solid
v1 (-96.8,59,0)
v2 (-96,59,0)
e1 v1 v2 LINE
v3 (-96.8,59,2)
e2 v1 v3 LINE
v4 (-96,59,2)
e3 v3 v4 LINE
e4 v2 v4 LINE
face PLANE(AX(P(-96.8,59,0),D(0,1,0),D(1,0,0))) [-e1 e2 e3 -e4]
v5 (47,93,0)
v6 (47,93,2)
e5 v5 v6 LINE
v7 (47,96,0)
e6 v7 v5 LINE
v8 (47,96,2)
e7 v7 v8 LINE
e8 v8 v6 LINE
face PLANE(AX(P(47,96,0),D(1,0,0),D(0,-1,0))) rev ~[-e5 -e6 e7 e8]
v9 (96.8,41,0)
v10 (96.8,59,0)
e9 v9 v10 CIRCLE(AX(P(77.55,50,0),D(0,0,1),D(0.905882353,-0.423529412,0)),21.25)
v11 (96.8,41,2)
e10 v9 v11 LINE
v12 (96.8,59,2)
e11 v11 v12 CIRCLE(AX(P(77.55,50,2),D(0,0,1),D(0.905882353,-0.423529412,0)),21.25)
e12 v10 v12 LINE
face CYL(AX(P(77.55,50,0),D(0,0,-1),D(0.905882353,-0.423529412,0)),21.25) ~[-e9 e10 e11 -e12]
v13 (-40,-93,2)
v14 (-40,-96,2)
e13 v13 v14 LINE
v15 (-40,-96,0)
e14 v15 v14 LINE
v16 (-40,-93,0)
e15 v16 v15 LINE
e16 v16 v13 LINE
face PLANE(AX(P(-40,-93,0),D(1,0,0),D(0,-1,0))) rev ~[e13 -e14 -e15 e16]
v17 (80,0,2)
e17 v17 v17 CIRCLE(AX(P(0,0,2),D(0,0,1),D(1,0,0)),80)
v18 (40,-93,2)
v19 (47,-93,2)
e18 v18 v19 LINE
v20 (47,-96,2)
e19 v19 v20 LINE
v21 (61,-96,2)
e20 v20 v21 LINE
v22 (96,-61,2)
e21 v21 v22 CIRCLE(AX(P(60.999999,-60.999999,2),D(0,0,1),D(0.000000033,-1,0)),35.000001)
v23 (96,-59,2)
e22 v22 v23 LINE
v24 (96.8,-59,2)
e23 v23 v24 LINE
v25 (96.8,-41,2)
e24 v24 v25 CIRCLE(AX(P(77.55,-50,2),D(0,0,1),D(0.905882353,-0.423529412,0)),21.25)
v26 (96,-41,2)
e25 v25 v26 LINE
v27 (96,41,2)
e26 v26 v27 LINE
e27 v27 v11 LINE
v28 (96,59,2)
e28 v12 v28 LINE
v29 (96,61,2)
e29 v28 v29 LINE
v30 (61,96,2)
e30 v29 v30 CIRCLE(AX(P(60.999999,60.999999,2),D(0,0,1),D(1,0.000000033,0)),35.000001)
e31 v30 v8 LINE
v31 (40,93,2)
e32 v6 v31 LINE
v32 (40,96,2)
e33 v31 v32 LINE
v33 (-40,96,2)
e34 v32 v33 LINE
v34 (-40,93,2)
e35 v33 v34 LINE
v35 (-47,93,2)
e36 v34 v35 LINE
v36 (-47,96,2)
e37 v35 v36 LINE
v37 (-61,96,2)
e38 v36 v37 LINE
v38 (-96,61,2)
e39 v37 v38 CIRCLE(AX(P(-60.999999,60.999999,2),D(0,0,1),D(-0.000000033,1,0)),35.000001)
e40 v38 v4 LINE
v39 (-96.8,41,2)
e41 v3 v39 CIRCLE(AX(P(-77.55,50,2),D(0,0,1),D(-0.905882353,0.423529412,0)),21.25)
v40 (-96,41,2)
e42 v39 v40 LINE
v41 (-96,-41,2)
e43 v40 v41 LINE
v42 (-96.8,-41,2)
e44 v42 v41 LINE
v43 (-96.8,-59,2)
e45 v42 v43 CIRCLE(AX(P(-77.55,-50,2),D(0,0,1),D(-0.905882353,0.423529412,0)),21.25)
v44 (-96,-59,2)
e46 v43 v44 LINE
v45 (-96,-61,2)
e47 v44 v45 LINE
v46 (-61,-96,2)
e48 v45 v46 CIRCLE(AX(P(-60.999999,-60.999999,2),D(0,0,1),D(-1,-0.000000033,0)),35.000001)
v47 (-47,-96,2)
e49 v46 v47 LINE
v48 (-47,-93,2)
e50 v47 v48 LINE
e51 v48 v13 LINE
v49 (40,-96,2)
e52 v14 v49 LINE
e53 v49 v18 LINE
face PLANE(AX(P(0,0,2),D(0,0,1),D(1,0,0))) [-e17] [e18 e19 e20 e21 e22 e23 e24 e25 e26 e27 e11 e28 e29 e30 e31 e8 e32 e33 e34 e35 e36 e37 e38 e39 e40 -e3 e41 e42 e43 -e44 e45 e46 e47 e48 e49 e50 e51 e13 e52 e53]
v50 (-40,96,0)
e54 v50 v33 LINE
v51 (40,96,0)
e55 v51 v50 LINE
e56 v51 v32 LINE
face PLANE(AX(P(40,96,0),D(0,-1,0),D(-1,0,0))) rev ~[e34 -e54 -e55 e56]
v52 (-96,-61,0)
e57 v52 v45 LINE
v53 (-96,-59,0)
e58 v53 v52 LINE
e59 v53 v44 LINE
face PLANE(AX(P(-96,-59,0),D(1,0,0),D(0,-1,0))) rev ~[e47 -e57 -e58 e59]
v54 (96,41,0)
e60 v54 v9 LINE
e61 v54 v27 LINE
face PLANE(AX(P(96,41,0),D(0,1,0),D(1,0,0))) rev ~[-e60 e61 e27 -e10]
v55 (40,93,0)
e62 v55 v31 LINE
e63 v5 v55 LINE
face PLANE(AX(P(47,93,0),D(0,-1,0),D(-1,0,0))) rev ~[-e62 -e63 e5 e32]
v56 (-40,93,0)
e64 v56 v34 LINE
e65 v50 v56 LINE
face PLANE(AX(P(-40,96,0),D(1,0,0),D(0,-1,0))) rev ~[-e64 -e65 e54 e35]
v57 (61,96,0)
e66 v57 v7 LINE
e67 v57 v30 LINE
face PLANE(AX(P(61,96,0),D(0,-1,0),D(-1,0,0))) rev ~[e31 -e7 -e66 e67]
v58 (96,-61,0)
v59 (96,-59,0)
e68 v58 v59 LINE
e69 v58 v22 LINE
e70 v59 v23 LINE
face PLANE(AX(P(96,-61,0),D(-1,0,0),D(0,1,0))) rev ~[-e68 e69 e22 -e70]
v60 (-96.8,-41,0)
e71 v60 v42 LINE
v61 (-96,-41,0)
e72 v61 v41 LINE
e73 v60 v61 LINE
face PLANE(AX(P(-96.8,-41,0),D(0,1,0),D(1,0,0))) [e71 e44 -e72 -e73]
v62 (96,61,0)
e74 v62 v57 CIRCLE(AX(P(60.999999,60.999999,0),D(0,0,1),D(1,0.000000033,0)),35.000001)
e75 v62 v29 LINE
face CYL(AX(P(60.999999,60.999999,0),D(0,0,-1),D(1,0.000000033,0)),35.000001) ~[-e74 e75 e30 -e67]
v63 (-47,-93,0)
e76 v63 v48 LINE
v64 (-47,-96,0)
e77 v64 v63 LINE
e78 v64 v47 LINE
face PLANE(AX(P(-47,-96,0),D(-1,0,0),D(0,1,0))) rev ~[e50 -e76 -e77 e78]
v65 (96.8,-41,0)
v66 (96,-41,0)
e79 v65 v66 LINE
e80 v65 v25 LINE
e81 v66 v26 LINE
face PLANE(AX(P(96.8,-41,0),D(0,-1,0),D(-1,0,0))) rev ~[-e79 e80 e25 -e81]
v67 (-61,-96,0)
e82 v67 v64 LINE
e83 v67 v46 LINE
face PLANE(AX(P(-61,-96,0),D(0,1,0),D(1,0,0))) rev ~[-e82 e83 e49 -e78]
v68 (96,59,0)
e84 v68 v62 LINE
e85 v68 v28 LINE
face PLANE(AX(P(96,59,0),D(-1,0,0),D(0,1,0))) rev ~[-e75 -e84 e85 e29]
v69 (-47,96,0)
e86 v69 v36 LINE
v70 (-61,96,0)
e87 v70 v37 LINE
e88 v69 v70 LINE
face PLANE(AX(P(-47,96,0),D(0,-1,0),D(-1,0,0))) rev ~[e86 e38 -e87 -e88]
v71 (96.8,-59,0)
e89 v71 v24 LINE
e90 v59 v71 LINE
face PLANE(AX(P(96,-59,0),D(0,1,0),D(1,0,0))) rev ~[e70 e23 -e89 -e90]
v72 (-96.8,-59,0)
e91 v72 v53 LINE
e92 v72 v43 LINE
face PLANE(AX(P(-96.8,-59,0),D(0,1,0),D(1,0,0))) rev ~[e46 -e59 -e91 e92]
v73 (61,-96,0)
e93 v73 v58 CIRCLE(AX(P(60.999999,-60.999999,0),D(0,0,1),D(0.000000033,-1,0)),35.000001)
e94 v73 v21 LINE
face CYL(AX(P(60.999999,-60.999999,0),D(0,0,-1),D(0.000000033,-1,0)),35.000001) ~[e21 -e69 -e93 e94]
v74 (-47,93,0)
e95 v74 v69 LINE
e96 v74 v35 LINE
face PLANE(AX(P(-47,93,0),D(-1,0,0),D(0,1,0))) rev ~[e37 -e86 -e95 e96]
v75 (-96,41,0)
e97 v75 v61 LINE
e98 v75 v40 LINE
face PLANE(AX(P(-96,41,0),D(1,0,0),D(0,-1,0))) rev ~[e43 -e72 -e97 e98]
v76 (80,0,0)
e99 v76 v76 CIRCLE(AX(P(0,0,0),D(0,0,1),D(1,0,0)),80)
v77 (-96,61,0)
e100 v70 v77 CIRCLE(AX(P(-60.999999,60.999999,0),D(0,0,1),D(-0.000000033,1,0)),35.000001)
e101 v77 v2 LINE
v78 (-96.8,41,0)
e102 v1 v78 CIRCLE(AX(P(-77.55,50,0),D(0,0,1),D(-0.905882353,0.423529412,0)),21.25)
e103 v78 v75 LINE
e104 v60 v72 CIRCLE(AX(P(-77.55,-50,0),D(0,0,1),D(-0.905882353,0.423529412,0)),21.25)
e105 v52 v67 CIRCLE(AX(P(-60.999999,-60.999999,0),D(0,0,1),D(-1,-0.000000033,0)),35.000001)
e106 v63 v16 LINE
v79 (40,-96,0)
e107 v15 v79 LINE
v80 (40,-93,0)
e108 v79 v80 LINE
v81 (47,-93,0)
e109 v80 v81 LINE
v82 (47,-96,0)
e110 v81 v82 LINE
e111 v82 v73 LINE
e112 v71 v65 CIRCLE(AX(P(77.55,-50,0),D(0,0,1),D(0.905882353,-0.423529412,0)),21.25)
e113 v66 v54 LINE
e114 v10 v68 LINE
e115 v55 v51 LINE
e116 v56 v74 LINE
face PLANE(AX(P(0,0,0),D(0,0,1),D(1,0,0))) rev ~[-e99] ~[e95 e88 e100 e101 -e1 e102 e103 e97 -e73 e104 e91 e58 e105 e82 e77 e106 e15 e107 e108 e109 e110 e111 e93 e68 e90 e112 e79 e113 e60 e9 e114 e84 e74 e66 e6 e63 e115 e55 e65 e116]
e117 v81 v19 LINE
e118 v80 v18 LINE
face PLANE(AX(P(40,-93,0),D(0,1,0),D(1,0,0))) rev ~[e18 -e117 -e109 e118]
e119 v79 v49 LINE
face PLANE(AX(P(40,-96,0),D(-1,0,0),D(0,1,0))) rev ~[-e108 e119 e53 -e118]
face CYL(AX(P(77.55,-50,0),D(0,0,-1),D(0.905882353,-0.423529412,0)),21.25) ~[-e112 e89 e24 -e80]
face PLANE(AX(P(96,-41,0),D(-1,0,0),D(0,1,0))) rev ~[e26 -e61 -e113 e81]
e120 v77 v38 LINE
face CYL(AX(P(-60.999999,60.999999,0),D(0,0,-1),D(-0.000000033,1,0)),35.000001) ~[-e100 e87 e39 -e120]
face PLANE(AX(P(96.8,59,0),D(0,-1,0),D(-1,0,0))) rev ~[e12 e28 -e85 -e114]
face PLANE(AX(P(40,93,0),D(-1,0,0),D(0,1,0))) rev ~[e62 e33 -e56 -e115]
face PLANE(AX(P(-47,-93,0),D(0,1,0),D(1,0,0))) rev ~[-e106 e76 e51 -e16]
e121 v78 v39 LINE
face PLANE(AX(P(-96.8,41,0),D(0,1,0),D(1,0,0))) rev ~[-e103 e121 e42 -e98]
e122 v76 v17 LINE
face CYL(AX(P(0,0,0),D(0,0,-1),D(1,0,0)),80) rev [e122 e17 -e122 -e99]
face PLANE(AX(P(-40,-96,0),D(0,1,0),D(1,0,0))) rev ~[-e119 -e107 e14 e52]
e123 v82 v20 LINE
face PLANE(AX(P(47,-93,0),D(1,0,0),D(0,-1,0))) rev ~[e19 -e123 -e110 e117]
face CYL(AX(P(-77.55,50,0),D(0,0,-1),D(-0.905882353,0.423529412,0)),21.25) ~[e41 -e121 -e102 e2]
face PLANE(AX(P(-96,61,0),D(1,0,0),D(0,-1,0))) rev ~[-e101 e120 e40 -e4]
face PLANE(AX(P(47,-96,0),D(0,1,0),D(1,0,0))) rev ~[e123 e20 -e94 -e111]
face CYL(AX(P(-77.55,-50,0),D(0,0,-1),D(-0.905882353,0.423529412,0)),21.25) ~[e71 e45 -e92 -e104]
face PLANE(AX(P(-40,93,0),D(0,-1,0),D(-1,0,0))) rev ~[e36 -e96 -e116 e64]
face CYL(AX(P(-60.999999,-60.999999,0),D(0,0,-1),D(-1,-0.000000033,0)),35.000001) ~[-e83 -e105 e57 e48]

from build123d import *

# Parameters (mm, degrees)
F0_R     = 80
F0_W     = 0.8
F0_H     = 18
F1_DEPTH = 2


with BuildPart() as f1:
    # F0 (on Top) → F1 (new body)
    with BuildSketch(Plane.XY):
        with BuildLine():
            ThreePointArc((96, 61), (85.748737, 85.748737), (61, 96))
            Line((61, 96), (47, 96))
            Line((47, 96), (47, 93))
            Line((47, 93), (40, 93))
            Line((40, 93), (40, 96))
            Line((40, 96), (-40, 96))
            Line((-40, 96), (-40, 93))
            Line((-40, 93), (-47, 93))
            Line((-47, 93), (-47, 96))
            Line((-47, 96), (-61, 96))
            ThreePointArc((-61, 96), (-85.748737, 85.748737), (-96, 61))
            Line((-96, 61), (-96, 59))
            Line((-96, 59), (-96, 41))
            Line((-96, 41), (-96, -41))
            Line((-96, -41), (-96, -59))
            Line((-96, -59), (-96, -61))
            ThreePointArc((-96, -61), (-85.748737, -85.748737), (-61, -96))
            Line((-61, -96), (-47, -96))
            Line((-47, -96), (-47, -93))
            Line((-47, -93), (-40, -93))
            Line((-40, -93), (-40, -96))
            Line((-40, -96), (40, -96))
            Line((40, -96), (40, -93))
            Line((40, -93), (47, -93))
            Line((47, -93), (47, -96))
            Line((47, -96), (61, -96))
            ThreePointArc((61, -96), (85.748737, -85.748737), (96, -61))
            Line((96, -61), (96, -59))
            Line((96, -59), (96, -41))
            Line((96, -41), (96, 41))
            Line((96, 41), (96, 59))
            Line((96, 59), (96, 61))
        make_face()
        Circle(F0_R, mode=Mode.SUBTRACT)
        with BuildLine():
            Line((96.8, 59), (96, 59))
            Line((96, 59), (96, 41))
            Line((96, 41), (96.8, 41))
            ThreePointArc((96.8, 41), (98.8, 50), (96.8, 59))
        make_face()
        with BuildLine():
            Line((96.8, -41), (96, -41))
            Line((96, -41), (96, -59))
            Line((96, -59), (96.8, -59))
            ThreePointArc((96.8, -59), (98.8, -50), (96.8, -41))
        make_face()
        with Locations((-96.4, 50)):
            Rectangle(F0_W, F0_H)
        with BuildLine():
            Line((-96.8, 41), (-96.8, 59))
            ThreePointArc((-96.8, 59), (-98.8, 50), (-96.8, 41))
        make_face()
        with Locations((-96.4, -50)):
            Rectangle(F0_W, F0_H)
        with BuildLine():
            Line((-96.8, -59), (-96.8, -41))
            ThreePointArc((-96.8, -41), (-98.8, -50), (-96.8, -59))
        make_face()
    extrude(amount=F1_DEPTH)


solid = f1.part
